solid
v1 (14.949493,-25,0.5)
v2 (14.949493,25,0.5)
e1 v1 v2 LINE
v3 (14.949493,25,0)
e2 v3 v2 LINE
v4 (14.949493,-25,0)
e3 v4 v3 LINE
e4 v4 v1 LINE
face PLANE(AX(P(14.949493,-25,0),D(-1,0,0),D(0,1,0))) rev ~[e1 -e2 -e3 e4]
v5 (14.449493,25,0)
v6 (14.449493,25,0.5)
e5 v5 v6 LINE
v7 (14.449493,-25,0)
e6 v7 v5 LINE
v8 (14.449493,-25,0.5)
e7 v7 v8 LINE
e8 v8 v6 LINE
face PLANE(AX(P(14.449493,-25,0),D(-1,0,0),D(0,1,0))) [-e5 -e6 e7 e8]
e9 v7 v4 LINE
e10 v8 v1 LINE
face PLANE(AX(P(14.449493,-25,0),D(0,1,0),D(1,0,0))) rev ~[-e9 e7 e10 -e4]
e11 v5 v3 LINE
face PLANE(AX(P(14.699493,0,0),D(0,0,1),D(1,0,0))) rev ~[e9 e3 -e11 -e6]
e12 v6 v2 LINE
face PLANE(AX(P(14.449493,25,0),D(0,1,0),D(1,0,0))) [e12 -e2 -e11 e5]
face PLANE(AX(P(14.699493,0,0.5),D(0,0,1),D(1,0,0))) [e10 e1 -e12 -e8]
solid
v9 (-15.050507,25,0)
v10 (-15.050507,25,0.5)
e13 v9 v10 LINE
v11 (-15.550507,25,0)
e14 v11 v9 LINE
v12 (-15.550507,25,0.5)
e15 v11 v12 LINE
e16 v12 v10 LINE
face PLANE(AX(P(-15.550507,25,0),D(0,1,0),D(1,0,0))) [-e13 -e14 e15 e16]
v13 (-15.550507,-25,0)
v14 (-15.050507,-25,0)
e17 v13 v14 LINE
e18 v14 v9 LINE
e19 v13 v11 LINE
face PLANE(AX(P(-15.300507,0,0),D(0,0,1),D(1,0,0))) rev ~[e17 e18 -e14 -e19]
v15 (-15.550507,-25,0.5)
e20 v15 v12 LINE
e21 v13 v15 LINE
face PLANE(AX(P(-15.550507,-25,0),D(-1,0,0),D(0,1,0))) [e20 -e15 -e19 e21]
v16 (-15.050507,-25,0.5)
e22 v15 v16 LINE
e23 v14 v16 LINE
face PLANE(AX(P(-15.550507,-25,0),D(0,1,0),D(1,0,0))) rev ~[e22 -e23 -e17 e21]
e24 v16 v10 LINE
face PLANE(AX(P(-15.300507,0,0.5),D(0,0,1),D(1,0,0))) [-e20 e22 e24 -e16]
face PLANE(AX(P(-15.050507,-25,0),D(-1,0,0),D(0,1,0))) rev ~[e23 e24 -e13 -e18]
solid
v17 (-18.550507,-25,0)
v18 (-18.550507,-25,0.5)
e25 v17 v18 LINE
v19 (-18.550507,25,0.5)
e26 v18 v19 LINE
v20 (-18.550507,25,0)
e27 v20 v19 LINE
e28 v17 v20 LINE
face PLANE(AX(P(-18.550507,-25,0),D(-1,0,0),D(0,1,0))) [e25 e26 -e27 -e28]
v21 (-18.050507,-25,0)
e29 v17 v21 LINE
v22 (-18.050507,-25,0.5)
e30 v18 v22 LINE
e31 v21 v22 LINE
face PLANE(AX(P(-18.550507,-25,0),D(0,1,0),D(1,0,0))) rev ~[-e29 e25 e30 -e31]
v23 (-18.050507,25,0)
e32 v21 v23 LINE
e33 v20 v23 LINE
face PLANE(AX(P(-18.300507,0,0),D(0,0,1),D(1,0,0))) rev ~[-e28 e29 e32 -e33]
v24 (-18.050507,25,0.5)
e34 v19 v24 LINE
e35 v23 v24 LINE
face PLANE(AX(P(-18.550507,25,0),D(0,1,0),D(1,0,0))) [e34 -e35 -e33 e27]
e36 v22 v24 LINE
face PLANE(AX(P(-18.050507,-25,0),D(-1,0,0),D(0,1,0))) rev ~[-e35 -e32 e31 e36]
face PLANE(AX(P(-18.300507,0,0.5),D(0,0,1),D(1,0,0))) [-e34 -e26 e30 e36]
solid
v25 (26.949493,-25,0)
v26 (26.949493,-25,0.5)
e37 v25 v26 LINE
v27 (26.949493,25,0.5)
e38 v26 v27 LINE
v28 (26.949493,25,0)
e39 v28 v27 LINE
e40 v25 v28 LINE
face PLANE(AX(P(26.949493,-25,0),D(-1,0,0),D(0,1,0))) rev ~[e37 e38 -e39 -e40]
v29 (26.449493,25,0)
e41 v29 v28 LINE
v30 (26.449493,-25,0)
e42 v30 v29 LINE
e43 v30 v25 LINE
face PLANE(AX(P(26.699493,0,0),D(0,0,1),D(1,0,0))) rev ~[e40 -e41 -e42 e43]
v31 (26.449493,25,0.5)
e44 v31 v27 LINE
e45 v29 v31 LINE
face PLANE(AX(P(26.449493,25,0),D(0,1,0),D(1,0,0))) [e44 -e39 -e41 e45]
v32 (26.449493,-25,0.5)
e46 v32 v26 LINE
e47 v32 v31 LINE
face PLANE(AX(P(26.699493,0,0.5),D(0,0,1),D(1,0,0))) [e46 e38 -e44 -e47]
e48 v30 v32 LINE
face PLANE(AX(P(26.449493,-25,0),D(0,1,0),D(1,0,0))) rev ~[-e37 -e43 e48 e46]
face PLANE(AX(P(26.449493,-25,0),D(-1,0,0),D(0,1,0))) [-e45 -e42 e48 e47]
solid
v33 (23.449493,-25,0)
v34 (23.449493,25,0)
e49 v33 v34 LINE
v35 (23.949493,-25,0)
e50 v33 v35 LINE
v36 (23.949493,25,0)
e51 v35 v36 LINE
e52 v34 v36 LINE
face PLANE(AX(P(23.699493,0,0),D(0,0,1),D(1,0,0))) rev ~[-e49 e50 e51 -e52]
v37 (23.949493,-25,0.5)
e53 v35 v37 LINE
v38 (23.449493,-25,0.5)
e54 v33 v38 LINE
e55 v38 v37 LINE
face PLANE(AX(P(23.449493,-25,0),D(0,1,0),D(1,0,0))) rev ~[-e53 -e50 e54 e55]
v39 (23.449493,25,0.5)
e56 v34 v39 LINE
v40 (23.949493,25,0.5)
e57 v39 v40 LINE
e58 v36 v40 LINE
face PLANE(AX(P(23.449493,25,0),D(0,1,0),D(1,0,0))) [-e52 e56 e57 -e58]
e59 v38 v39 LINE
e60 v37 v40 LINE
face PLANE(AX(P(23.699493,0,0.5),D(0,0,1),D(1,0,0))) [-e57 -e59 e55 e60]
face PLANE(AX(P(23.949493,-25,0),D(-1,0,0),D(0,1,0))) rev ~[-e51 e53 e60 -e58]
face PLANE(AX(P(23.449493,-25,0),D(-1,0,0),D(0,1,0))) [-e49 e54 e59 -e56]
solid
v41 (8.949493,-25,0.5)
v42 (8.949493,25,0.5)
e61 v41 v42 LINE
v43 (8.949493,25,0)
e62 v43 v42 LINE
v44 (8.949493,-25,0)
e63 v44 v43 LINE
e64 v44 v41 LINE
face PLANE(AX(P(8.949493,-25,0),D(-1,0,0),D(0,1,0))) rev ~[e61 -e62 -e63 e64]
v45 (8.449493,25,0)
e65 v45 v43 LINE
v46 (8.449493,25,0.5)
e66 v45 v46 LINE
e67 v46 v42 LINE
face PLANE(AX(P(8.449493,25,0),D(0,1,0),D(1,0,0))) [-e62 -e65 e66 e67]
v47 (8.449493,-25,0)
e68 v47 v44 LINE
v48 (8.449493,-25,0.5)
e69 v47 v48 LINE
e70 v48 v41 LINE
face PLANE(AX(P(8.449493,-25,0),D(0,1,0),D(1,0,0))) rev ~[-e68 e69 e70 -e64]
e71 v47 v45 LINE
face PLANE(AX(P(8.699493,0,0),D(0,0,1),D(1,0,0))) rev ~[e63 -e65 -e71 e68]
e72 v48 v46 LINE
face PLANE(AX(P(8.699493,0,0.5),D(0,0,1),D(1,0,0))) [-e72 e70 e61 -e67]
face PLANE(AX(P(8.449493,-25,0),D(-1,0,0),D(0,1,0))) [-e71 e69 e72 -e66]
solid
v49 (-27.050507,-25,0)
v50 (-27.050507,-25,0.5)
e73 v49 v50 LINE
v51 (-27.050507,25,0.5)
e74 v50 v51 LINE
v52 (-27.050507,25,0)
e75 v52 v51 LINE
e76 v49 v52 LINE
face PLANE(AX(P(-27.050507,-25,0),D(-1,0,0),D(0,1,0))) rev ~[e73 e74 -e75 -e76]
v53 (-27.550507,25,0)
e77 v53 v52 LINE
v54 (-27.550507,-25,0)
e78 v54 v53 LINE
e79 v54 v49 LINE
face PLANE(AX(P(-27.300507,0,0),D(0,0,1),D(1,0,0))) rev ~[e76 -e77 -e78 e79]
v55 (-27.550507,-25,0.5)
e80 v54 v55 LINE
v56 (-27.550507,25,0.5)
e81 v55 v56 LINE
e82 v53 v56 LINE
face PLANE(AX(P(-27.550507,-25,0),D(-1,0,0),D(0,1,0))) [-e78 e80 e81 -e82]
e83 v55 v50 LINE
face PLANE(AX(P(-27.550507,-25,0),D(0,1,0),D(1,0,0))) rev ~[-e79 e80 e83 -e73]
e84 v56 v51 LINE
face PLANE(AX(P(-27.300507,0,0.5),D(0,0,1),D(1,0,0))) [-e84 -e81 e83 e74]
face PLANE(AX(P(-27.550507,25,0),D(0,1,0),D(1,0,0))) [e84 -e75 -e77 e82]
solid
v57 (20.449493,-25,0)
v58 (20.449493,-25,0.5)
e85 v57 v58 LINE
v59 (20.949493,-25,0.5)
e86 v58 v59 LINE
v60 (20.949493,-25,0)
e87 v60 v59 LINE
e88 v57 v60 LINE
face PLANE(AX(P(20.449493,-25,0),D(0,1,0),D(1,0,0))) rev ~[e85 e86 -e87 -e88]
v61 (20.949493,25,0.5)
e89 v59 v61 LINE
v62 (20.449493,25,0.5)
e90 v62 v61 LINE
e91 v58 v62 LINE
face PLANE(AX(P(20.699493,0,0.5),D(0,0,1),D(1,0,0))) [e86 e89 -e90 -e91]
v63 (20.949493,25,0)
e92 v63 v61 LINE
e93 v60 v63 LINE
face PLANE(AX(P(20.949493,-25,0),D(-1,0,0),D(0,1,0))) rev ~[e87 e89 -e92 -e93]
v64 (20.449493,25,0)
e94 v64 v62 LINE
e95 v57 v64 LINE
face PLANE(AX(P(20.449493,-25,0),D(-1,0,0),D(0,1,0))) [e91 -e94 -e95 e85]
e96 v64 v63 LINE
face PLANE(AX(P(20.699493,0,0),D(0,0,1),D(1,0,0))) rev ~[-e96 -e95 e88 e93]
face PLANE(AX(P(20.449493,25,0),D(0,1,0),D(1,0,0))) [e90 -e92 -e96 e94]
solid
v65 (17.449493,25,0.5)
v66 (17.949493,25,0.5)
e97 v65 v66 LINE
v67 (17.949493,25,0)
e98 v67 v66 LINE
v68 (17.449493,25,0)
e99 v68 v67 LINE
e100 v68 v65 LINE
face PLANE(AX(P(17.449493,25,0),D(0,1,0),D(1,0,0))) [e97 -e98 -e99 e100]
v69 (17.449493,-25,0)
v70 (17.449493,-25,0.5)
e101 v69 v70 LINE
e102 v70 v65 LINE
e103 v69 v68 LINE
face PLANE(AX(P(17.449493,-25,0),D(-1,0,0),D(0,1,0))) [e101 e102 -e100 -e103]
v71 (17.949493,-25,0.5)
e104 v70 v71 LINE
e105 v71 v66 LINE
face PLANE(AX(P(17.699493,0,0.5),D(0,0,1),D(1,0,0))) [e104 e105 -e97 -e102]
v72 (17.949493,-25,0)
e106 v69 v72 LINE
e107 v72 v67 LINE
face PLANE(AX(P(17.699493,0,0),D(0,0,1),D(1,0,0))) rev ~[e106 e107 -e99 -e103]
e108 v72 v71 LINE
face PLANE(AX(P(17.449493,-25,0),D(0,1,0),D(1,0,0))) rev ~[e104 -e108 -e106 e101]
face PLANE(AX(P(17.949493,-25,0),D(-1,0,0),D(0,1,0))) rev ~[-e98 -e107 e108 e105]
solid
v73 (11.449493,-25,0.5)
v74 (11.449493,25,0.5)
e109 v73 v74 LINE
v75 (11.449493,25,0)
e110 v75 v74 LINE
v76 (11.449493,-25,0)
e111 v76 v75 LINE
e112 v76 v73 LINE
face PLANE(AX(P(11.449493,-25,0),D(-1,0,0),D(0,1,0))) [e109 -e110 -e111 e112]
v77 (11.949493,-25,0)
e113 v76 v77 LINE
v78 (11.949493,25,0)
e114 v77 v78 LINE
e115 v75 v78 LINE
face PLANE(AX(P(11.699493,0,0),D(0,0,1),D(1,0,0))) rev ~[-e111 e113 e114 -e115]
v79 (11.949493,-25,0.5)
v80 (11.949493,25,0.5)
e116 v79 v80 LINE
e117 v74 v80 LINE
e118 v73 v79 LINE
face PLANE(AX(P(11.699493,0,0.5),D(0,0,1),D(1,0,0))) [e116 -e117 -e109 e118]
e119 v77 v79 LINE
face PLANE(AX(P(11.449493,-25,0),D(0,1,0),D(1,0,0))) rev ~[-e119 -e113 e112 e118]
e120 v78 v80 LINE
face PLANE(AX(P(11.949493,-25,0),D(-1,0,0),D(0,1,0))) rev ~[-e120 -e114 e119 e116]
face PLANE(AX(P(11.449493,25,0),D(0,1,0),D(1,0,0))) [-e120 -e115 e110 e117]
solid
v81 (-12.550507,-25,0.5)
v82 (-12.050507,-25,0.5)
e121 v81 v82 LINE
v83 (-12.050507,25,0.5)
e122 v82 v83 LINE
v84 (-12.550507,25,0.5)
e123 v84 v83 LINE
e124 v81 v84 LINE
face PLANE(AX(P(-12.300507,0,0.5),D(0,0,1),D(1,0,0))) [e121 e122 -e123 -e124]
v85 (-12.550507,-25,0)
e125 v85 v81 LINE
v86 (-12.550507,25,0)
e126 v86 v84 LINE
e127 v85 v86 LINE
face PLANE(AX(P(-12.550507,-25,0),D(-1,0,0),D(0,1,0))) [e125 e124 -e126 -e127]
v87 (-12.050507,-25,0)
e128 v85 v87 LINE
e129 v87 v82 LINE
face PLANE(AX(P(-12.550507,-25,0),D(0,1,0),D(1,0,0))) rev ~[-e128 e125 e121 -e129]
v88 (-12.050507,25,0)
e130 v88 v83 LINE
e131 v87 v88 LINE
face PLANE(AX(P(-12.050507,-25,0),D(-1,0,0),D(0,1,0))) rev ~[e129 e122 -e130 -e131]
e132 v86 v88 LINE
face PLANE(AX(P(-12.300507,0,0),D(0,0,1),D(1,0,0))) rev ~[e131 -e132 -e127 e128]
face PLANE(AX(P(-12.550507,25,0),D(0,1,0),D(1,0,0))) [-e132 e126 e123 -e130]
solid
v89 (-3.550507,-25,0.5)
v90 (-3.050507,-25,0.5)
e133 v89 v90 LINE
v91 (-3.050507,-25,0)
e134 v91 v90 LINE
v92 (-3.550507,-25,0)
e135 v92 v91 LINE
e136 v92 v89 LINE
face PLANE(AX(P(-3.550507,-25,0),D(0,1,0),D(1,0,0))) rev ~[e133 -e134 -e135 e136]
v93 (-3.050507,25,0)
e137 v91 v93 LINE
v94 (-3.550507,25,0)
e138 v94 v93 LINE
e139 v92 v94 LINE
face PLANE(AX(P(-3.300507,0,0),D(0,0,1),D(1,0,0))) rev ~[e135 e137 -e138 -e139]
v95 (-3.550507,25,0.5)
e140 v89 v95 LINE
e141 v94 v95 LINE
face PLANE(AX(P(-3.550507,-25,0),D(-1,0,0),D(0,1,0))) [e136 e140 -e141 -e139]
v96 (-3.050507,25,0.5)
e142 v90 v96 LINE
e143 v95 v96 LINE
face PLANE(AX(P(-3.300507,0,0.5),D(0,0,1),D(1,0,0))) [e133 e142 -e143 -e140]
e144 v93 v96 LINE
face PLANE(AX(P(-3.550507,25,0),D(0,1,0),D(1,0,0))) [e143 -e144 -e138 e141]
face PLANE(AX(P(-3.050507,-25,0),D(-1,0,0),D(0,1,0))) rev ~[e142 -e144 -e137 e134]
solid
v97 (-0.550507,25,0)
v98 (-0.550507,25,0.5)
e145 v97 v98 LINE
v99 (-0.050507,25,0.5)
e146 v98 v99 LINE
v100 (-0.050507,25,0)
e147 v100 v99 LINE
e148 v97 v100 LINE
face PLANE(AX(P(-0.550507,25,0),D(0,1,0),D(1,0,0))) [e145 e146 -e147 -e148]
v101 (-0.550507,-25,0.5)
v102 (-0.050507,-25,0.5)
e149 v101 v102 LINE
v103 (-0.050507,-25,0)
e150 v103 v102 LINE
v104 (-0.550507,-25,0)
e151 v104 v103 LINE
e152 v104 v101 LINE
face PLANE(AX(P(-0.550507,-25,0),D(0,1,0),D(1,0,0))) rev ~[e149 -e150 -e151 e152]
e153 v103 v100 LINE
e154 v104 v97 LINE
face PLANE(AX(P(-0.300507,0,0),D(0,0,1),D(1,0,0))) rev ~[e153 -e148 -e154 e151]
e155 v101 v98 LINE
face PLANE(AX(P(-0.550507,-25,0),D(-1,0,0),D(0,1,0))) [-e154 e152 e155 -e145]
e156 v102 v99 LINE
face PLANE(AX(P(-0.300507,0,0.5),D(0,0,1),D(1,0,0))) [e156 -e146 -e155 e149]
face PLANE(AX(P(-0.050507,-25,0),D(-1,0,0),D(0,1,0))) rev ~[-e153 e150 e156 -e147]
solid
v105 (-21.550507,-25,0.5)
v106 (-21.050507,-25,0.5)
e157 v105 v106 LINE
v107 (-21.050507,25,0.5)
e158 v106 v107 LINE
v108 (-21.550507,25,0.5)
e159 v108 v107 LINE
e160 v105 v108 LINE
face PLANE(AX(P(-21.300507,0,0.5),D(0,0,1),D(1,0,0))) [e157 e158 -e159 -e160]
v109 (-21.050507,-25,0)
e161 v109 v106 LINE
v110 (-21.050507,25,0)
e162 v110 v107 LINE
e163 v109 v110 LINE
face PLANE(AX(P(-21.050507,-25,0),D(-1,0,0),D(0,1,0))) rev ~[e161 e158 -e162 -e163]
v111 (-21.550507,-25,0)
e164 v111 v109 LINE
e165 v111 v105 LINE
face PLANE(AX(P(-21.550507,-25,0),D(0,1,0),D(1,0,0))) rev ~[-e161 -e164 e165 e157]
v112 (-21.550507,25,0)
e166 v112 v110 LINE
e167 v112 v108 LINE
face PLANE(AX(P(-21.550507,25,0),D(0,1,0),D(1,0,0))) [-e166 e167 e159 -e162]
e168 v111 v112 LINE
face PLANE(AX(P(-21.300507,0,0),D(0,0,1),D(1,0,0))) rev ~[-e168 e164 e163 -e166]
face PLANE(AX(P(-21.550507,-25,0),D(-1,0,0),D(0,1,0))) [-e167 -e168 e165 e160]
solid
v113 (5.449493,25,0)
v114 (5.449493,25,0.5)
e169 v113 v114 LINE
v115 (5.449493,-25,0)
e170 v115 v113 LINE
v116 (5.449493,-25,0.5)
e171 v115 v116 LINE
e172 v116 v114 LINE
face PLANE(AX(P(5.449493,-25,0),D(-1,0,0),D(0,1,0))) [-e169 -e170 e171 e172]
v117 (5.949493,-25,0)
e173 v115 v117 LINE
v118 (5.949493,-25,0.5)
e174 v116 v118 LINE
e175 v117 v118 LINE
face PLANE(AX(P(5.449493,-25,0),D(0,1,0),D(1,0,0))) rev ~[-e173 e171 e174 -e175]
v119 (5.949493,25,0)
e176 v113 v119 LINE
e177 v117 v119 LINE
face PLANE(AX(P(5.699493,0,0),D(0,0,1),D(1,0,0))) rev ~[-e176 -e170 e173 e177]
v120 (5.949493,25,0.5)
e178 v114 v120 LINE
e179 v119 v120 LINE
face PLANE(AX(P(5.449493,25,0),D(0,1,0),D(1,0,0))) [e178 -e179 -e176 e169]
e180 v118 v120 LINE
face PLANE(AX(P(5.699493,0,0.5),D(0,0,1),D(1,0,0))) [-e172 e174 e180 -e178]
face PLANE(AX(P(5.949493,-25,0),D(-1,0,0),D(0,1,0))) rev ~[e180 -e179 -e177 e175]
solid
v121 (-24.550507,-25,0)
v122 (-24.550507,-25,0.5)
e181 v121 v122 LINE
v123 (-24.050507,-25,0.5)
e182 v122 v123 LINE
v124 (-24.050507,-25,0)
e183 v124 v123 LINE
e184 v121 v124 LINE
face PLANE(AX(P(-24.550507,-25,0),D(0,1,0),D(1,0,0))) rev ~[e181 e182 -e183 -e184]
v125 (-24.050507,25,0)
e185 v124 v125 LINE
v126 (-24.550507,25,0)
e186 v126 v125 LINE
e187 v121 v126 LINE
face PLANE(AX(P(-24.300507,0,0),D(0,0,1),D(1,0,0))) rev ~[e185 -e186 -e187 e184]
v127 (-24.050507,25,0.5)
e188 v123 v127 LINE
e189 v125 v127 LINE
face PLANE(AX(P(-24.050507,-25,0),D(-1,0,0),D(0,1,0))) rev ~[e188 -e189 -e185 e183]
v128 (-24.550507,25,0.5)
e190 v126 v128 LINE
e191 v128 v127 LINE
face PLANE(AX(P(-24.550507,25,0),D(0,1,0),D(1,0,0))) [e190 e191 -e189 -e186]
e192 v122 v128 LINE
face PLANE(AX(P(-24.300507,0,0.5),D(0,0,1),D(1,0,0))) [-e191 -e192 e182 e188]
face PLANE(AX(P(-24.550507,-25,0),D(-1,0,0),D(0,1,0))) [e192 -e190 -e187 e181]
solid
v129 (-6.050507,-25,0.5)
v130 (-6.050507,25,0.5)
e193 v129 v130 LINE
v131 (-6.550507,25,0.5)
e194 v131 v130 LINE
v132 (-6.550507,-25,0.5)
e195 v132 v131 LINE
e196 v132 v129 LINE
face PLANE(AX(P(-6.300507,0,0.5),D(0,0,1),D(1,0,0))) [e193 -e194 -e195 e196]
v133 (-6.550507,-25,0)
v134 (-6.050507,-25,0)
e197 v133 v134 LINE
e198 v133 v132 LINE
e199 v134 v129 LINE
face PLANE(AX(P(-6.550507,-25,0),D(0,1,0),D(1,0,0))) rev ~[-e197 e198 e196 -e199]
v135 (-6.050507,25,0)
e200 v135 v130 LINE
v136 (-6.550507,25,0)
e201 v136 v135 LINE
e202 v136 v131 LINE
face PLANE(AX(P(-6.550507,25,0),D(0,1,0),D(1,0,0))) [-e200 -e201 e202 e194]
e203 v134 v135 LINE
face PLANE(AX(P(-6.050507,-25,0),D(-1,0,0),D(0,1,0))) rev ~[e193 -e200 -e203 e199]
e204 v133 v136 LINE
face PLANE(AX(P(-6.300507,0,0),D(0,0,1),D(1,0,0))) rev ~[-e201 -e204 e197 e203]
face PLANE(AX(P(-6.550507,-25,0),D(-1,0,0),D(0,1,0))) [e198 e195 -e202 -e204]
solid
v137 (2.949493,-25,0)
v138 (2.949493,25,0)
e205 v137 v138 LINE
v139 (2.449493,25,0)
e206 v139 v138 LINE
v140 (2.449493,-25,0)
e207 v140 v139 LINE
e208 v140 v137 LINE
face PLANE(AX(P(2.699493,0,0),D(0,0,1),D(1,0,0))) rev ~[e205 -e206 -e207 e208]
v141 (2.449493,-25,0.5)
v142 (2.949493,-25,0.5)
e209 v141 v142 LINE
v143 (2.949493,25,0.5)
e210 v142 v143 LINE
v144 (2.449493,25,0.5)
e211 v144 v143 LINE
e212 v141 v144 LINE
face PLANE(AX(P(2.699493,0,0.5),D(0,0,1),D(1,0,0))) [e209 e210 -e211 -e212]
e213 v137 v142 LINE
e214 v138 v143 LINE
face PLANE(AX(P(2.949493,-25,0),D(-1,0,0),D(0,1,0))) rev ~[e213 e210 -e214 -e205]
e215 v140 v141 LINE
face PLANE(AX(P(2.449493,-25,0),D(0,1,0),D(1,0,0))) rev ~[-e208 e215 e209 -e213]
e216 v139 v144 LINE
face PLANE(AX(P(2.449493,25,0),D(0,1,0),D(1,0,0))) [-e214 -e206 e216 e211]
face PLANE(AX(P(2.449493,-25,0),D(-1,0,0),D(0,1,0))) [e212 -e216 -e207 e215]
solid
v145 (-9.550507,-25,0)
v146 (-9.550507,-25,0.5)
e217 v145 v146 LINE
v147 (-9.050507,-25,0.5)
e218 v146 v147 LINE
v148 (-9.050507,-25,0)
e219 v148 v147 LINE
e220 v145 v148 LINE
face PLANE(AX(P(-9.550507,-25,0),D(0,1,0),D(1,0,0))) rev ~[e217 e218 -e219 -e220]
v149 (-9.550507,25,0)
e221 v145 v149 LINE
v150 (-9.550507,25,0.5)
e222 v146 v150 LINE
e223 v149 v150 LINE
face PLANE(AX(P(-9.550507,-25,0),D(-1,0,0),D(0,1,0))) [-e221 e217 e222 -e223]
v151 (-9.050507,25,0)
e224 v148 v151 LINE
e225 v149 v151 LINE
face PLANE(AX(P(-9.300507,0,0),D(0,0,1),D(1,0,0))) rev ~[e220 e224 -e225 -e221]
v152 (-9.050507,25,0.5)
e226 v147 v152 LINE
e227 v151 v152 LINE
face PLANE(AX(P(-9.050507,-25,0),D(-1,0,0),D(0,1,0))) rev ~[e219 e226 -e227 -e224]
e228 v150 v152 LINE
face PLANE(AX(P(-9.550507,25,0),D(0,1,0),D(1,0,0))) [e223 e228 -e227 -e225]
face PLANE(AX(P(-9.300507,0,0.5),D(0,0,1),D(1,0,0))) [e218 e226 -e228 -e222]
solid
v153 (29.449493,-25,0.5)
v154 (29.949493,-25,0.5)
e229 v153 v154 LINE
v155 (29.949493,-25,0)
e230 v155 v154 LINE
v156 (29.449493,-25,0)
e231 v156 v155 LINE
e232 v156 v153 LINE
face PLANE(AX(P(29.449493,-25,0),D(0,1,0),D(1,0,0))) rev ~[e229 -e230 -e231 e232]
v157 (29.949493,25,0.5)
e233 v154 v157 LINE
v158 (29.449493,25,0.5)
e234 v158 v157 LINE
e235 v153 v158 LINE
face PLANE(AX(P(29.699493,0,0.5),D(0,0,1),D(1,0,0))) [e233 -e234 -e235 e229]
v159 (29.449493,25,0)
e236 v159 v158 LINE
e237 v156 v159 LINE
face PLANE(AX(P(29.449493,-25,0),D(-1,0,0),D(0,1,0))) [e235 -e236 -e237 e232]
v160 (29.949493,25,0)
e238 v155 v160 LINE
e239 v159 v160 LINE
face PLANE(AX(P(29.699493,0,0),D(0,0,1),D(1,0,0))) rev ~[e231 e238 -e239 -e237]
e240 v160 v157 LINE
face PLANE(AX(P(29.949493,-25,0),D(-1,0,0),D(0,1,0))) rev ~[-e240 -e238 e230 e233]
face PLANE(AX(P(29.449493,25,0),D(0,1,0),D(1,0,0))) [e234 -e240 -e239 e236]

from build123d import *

# Parameters (mm, degrees)
F0_W     = 0.5
F0_H     = 50
F1_DEPTH = 0.5


with BuildPart() as f1:
    # F0 (on Top) → F1 (new body)
    with BuildSketch(Plane.XY):
        with Locations((-27.300507, 0)):
            Rectangle(F0_W, F0_H)
        with Locations((-24.300507, 0)):
            Rectangle(F0_W, F0_H)
        with Locations((-21.300507, 0)):
            Rectangle(F0_W, F0_H)
        with Locations((-18.300507, 0)):
            Rectangle(F0_W, F0_H)
        with Locations((-15.300507, 0)):
            Rectangle(F0_W, F0_H)
        with Locations((-12.300507, 0)):
            Rectangle(F0_W, F0_H)
        with Locations((-9.300507, 0)):
            Rectangle(F0_W, F0_H)
        with Locations((-6.300507, 0)):
            Rectangle(F0_W, F0_H)
        with Locations((-3.300507, 0)):
            Rectangle(F0_W, F0_H)
        with Locations((-0.300507, 0)):
            Rectangle(F0_W, F0_H)
        with Locations((2.699493, 0)):
            Rectangle(F0_W, F0_H)
        with Locations((5.699493, 0)):
            Rectangle(F0_W, F0_H)
        with Locations((8.699493, 0)):
            Rectangle(F0_W, F0_H)
        with Locations((11.699493, 0)):
            Rectangle(F0_W, F0_H)
        with Locations((14.699493, 0)):
            Rectangle(F0_W, F0_H)
        with Locations((17.699493, 0)):
            Rectangle(F0_W, F0_H)
        with Locations((20.699493, 0)):
            Rectangle(F0_W, F0_H)
        with Locations((23.699493, 0)):
            Rectangle(F0_W, F0_H)
        with Locations((26.699493, 0)):
            Rectangle(F0_W, F0_H)
        with Locations((29.699493, 0)):
            Rectangle(F0_W, F0_H)
    extrude(amount=F1_DEPTH)


solid = f1.part
